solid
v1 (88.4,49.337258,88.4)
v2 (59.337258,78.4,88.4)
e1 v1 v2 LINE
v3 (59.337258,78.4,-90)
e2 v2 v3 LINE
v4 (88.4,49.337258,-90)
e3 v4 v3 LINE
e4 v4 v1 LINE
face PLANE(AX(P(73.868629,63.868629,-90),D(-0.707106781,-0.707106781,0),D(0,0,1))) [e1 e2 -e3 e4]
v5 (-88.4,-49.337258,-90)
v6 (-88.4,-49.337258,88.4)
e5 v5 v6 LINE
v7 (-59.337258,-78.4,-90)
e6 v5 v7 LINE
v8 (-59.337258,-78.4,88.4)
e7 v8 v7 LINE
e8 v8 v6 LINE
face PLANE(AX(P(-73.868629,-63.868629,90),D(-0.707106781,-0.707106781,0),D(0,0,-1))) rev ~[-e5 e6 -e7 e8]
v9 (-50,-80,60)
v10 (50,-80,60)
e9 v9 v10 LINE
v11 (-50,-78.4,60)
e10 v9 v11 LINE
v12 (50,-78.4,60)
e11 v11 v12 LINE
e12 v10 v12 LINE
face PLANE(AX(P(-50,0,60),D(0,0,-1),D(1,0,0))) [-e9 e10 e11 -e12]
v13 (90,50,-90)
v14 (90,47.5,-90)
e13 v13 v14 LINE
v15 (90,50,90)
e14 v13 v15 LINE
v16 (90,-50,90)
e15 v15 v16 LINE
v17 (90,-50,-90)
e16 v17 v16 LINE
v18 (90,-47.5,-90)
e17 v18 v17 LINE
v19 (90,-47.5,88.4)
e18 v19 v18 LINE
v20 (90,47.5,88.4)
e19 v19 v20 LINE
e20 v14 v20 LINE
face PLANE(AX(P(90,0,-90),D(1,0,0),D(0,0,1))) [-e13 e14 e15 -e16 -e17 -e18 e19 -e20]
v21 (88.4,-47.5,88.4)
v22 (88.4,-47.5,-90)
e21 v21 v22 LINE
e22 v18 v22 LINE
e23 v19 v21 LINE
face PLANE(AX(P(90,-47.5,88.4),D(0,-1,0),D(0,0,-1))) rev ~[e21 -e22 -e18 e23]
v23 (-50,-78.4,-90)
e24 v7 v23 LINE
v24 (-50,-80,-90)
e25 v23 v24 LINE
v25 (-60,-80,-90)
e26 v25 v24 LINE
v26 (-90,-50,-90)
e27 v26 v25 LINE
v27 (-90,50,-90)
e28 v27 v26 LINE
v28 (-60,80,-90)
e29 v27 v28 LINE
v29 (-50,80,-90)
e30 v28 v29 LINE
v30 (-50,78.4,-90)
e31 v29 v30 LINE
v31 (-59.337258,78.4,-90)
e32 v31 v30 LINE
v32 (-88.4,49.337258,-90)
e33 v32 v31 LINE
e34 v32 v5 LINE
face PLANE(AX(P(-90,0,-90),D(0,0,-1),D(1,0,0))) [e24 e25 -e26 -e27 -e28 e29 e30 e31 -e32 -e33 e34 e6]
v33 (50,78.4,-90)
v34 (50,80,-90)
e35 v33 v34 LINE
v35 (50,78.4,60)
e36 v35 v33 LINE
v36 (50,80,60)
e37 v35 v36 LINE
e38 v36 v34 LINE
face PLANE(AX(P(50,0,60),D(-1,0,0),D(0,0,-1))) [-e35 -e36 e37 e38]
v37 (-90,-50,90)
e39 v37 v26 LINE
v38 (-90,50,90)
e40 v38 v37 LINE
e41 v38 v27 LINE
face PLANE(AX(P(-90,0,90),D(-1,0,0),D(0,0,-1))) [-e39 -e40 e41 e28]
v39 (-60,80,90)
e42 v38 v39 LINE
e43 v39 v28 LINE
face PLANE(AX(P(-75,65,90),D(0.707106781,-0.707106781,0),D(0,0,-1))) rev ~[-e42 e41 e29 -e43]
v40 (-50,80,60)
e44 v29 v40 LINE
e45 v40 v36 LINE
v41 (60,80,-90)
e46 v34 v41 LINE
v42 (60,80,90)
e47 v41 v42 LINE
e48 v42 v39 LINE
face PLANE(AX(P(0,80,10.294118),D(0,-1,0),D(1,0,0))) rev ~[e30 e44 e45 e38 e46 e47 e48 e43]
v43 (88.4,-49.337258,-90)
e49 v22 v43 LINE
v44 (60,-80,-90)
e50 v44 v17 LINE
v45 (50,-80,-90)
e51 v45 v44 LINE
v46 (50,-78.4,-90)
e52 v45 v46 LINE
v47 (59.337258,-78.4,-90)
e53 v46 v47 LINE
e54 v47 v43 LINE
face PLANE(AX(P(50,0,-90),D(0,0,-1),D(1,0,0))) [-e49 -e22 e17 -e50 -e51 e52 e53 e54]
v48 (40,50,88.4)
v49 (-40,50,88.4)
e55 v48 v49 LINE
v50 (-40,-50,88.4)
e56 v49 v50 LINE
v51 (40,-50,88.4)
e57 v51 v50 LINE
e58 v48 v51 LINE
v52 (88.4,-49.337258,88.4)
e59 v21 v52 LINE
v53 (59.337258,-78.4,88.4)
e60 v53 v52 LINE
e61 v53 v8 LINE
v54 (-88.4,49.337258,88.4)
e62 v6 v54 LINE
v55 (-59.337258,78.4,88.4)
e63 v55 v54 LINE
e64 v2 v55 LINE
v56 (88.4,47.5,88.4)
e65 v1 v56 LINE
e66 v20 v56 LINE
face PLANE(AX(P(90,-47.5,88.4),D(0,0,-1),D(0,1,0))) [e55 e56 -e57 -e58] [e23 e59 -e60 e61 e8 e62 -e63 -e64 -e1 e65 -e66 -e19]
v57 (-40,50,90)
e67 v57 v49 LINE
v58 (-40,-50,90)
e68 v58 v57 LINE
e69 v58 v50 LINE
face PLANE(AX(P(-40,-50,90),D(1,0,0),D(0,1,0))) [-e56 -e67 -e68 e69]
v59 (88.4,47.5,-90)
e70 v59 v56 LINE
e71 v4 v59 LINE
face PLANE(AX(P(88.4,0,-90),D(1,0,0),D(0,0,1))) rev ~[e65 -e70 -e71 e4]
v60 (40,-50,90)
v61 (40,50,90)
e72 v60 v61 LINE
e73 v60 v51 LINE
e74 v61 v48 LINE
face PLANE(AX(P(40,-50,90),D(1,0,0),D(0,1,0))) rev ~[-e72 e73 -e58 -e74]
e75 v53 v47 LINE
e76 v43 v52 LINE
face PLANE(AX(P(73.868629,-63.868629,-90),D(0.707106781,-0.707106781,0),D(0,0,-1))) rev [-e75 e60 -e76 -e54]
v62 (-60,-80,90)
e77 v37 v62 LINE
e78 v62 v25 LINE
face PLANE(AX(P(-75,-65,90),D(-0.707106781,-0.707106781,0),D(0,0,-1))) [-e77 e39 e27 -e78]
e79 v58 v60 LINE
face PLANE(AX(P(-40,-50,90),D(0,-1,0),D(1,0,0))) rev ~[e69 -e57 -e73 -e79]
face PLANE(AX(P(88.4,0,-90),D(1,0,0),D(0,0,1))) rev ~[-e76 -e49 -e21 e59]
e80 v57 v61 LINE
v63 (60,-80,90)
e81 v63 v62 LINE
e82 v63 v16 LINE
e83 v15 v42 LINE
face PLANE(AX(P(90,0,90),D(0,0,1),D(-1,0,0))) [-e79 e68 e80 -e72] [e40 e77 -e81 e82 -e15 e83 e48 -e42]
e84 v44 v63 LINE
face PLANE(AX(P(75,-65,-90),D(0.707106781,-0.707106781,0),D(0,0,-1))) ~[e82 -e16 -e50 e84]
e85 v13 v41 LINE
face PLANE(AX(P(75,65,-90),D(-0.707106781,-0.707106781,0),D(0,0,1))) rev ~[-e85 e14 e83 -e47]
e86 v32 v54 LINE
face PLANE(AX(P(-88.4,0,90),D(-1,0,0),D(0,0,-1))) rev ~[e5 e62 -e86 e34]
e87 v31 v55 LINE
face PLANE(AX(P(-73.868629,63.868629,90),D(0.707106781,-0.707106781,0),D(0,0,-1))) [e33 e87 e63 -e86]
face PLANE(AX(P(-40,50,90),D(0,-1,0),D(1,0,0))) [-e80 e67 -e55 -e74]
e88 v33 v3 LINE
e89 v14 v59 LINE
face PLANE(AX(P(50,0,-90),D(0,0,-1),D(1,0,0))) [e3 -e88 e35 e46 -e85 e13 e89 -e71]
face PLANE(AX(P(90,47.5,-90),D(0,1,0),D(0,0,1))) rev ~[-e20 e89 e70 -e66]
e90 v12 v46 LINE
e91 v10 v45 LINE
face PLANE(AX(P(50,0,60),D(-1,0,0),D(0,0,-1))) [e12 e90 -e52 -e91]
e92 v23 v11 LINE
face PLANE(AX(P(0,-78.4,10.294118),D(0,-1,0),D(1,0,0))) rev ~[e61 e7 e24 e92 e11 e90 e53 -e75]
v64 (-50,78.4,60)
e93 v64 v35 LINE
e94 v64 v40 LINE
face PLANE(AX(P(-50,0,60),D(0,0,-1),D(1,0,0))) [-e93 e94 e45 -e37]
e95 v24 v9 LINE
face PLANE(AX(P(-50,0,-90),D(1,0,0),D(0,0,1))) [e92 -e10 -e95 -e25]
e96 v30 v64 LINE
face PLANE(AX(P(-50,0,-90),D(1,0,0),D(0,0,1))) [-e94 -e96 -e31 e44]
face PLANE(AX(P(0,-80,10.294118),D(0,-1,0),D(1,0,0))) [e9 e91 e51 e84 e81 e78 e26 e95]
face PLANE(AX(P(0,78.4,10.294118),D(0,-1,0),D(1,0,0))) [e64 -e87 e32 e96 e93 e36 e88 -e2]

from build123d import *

# Parameters (mm, degrees)
F1_DEPTH = 80
F2_SIZE  = 30
F3_T     = -1.6
F4_W     = 95
F4_H     = 118.4
F4_H_2   = 60
F5_DEPTH = 25
F6_W     = 80
F6_H     = 100
F7_DEPTH = 25


with BuildPart() as f1:
    # F0 (on Front) → F1 (new body, symmetric)
    with BuildSketch(Plane.XZ):
        Polygon((50, -90), (90, -90), (90, 90), (-90, 90), (-90, -90), (-50, -90), (-50, 60), (0, 60), (50, 60), align=None)
    extrude(amount=F1_DEPTH, both=True)

    # F2
    f2_edges = [f1.edges().sort_by_distance(p)[0] for p in [
        (-90, -80, 0),
        (90, -80, 0),
        (90, 80, 0),
        (-90, 80, 0),
    ]]
    chamfer(f2_edges, length=F2_SIZE)

    # F3
    f3_openings = [f1.faces().sort_by_distance(p)[0] for p in [
        (68.363636, 0, -90),
        (-68.363636, 0, -90),
        (0, 0, 60),
        (50, 0, -15),
        (-50, 0, -15),
    ]]
    offset(amount=F3_T, openings=f3_openings)

    # F4 (on face) → F5 (cut)
    with BuildSketch(Plane.YZ.offset(90)):
        with Locations((0, -30.8)):
            Rectangle(F4_W, F4_H)
        with Locations((0, 58.4)):
            Rectangle(F4_W, F4_H_2)
    extrude(amount=-F5_DEPTH, mode=Mode.SUBTRACT)

    # F6 (on face) → F7 (cut)
    with BuildSketch(Plane.XY.offset(90)):
        Rectangle(F6_W, F6_H)
    extrude(amount=-F7_DEPTH, mode=Mode.SUBTRACT)


solid = f1.part
